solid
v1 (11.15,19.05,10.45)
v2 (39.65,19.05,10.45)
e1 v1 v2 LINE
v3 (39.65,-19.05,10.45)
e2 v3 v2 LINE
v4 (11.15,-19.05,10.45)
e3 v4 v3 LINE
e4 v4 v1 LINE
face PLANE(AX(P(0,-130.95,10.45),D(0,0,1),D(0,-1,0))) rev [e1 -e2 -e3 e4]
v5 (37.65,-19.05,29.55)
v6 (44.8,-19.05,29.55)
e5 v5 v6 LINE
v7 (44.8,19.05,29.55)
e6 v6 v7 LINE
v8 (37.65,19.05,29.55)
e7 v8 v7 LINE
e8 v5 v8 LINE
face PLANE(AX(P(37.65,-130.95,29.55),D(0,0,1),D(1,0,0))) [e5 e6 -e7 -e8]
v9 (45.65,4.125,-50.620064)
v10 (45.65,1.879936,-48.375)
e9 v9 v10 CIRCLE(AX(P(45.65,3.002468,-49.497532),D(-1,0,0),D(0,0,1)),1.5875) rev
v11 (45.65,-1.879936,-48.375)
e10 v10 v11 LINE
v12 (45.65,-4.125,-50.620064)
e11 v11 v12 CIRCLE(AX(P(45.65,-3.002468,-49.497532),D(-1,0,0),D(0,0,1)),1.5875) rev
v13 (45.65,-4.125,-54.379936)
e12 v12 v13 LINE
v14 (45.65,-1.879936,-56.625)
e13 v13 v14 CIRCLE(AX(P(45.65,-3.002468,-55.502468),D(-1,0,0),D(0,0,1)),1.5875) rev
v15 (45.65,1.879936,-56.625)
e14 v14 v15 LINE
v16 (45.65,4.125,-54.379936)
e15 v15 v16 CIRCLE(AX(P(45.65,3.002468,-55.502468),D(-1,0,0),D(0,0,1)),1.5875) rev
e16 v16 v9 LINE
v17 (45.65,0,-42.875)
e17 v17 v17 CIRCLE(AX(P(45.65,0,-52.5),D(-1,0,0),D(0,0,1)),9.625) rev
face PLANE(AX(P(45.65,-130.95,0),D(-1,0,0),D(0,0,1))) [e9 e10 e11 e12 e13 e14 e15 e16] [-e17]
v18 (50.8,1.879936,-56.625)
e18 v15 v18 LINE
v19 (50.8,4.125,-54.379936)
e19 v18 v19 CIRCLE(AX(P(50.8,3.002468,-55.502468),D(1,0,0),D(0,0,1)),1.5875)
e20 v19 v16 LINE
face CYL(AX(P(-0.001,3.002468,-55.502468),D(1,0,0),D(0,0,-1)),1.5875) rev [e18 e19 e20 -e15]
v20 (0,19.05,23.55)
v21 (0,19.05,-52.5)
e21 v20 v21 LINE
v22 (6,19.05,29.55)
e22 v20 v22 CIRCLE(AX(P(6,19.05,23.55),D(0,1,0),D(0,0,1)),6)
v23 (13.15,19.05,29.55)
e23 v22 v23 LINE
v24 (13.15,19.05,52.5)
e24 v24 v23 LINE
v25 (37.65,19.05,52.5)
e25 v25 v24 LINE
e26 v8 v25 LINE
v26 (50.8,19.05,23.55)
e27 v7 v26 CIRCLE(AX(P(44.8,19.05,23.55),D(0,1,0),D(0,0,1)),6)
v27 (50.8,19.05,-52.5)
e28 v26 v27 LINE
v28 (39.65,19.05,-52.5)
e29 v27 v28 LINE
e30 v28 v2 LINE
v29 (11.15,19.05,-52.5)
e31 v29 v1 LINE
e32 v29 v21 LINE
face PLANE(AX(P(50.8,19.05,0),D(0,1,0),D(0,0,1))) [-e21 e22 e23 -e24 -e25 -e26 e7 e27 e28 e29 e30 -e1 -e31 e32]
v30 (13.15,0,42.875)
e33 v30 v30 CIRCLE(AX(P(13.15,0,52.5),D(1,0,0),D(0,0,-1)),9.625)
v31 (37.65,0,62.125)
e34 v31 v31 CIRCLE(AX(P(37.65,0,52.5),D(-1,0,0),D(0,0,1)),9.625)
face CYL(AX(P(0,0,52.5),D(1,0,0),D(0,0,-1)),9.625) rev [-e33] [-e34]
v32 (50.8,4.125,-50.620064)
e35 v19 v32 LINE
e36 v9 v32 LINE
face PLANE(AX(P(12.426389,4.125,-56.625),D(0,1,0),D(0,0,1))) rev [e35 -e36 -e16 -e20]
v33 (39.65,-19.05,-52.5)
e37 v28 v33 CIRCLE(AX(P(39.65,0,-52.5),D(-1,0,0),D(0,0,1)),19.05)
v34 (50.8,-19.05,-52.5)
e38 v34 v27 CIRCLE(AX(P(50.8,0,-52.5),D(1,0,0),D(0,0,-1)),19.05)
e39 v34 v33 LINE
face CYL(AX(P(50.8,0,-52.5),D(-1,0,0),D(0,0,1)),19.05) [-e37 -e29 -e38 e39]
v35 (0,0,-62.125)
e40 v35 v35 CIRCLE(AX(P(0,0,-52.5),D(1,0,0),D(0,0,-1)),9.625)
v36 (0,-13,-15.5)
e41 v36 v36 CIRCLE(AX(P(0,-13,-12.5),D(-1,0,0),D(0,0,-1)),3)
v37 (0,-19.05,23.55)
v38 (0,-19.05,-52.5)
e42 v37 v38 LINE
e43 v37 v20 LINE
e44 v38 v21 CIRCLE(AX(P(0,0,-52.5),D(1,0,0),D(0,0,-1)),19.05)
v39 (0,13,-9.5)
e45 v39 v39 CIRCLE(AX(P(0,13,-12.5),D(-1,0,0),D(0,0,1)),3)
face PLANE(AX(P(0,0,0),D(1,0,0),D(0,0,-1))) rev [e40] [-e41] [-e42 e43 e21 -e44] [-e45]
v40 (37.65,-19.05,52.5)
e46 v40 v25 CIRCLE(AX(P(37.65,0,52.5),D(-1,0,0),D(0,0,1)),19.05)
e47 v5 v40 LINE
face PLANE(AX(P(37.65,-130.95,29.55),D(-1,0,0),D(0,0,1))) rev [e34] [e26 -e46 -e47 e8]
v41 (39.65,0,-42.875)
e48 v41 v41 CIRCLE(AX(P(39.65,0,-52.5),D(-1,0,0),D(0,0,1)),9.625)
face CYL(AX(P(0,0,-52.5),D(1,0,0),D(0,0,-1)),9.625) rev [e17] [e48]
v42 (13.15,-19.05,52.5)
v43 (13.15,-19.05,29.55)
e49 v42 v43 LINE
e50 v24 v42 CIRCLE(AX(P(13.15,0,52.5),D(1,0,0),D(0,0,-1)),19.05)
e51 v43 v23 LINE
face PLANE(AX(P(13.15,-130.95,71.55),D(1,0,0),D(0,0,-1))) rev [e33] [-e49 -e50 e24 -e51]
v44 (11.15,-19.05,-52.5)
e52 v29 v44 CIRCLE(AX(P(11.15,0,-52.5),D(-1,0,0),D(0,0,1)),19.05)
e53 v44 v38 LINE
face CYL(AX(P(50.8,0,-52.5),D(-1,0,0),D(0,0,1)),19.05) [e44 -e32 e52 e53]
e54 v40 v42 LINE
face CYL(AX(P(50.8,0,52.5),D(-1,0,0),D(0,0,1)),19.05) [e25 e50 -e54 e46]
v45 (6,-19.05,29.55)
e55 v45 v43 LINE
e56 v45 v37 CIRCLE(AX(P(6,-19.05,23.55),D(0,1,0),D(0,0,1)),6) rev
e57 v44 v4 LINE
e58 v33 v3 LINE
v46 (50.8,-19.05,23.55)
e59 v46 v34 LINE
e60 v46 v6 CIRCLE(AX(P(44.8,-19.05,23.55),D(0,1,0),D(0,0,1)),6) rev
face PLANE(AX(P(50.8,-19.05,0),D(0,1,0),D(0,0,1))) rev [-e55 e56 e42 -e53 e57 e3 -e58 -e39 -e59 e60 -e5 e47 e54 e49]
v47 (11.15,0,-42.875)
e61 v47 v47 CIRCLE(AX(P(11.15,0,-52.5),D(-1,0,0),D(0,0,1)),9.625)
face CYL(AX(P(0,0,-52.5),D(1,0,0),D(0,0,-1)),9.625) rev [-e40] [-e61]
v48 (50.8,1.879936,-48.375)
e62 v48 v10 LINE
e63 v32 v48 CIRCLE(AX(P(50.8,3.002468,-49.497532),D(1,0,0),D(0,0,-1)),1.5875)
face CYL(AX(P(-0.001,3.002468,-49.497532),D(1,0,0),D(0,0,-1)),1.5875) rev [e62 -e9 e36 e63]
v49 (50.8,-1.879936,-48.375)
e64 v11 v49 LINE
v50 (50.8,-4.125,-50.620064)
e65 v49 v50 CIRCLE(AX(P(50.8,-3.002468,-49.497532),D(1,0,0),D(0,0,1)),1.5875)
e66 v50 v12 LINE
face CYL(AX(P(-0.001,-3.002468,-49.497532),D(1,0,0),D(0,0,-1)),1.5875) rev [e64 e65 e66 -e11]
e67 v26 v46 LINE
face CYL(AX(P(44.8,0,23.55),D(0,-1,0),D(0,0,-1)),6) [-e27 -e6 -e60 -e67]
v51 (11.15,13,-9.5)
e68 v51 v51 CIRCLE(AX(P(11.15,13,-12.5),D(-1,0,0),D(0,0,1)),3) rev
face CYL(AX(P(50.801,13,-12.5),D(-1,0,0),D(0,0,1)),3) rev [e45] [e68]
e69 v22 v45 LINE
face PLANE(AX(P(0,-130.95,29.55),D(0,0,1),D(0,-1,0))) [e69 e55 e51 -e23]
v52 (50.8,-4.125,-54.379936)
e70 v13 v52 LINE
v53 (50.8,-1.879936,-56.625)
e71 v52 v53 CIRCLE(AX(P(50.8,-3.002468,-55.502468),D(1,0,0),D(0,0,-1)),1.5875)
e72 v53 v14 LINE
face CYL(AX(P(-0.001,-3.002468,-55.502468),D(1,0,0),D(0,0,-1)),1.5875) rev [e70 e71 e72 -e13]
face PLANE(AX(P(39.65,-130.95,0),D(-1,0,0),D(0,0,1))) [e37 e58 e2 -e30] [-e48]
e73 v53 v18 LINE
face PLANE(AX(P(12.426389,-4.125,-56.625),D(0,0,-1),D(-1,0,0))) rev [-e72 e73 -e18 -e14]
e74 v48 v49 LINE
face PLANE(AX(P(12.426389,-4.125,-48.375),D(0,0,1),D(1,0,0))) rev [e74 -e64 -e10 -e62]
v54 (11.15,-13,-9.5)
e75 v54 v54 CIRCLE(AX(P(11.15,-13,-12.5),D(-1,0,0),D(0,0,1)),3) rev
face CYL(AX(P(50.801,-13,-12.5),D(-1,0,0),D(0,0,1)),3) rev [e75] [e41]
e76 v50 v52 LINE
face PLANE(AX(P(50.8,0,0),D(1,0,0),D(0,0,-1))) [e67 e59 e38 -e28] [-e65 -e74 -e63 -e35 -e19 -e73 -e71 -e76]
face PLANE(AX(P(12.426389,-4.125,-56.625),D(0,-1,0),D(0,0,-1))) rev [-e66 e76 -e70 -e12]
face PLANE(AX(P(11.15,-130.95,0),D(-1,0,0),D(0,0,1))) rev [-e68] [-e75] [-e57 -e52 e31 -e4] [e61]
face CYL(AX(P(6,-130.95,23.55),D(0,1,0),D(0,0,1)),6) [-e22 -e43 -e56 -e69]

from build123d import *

# Parameters (mm, degrees)
BOSS_EXTRUDE1_DEPTH = 50.8
SKETCH2_W           = 28.5
SKETCH2_H           = 19.05
SKETCH2_H_2         = 62.95
SKETCH2_W_2         = 13.15
SKETCH2_H_3         = 42
CUT_EXTRUDE2_DEPTH  = 150
SKETCH8_R           = 9.625
CUT_EXTRUDE8_DEPTH  = 90.793902911
SKETCH11_R          = 9.625
SKETCH11_W          = 8.25
SKETCH11_H          = 8.25
BOSS_EXTRUDE4_DEPTH = 5.15
FILLET1_R           = 6
CUT_EXTRUDE10_START = -5.15
SKETCH14_R          = 1.5875
CUT_EXTRUDE10_DEPTH = 5.15
CUT_EXTRUDE16_REACH = 91.794
SKETCH21_R          = 3


with BuildPart() as part:
    # Sketch1 → Boss-Extrude1 (new body)
    with BuildSketch(Plane(origin=(0, 0, 0), x_dir=(0, 0, -1), z_dir=(1, 0, 0))):
        with BuildLine():
            Line((-52.5, 19.05), (52.5, 19.05))
            ThreePointArc((52.5, 19.05), (71.55, 0), (52.5, -19.05))
            Line((52.5, -19.05), (-52.5, -19.05))
            ThreePointArc((-52.5, -19.05), (-71.55, 0), (-52.5, 19.05))
        make_face()
    extrude(amount=BOSS_EXTRUDE1_DEPTH)

    # Sketch2 → Cut-Extrude2 (cut)
    with BuildSketch(Plane(origin=(0, 19.05, 0), x_dir=(1, 0, 0), z_dir=(0, 1, 0))):
        with Locations((25.4, 62.025)):
            Rectangle(SKETCH2_W, SKETCH2_H)
        with Locations((25.4, 21.025)):
            Rectangle(SKETCH2_W, SKETCH2_H_2)
        with Locations((44.225, -50.55)):
            Rectangle(SKETCH2_W_2, SKETCH2_H_3)
        with Locations((6.575, -50.55)):
            Rectangle(SKETCH2_W_2, SKETCH2_H_3)
    extrude(amount=-CUT_EXTRUDE2_DEPTH, mode=Mode.SUBTRACT)

    # Sketch8 → Cut-Extrude8 (cut, through all)
    with BuildSketch(Plane(origin=(50.8, 0, 0), x_dir=(0, 0, -1), z_dir=(1, 0, 0))):
        with Locations((-52.5, 0)):
            Circle(SKETCH8_R)
        with Locations((52.5, 0)):
            Circle(SKETCH8_R)
    extrude(amount=-CUT_EXTRUDE8_DEPTH, mode=Mode.SUBTRACT)

    # Sketch11 → Boss-Extrude4 (add)
    with BuildSketch(Plane(origin=(50.8, 0, 0), x_dir=(0, 0, -1), z_dir=(1, 0, 0))):
        with Locations((52.5, 0)):
            Circle(SKETCH11_R)
        with Locations((52.5, 0)):
            Rectangle(SKETCH11_W, SKETCH11_H, mode=Mode.SUBTRACT)
    extrude(amount=-BOSS_EXTRUDE4_DEPTH)

    # Fillet1
    fillet1_edges = [part.edges().sort_by_distance(p)[0] for p in [
        (50.8, 0, 29.55),
        (0, 0, 29.55),
    ]]
    fillet(fillet1_edges, radius=FILLET1_R)

    # Sketch14 → Cut-Extrude10 (cut)
    with BuildSketch(Plane(origin=(50.8, 0, 0), x_dir=(0, 0, -1), z_dir=(1, 0, 0)).offset(CUT_EXTRUDE10_START)):
        with Locations((49.497532015, 3.002467985)):
            Circle(SKETCH14_R)
        with Locations((55.502467985, 3.002467985)):
            Circle(SKETCH14_R)
        with Locations((55.502467985, -3.002467985)):
            Circle(SKETCH14_R)
        with Locations((49.497532015, -3.002467985)):
            Circle(SKETCH14_R)
    extrude(amount=CUT_EXTRUDE10_DEPTH, mode=Mode.SUBTRACT)

    # Sketch21 → Cut-Extrude16 (cut, up to next)
    with BuildSketch(Plane.ZY, mode=Mode.PRIVATE) as cut_extrude16_sk1:
        with Locations((-12.5, 13)):
            Circle(SKETCH21_R)
    cut_extrude16_tool1 = extrude(cut_extrude16_sk1.sketch, amount=-CUT_EXTRUDE16_REACH, mode=Mode.PRIVATE) & part.part
    # Sketch21 → Cut-Extrude16 (cut, up to next)
    with BuildSketch(Plane.ZY, mode=Mode.PRIVATE) as cut_extrude16_sk2:
        with Locations((-12.5, -13)):
            Circle(SKETCH21_R)
    cut_extrude16_tool2 = extrude(cut_extrude16_sk2.sketch, amount=-CUT_EXTRUDE16_REACH, mode=Mode.PRIVATE) & part.part
    add(cut_extrude16_tool1.solids().sort_by_distance((0, 13, -12.5))[0], mode=Mode.SUBTRACT)
    add(cut_extrude16_tool2.solids().sort_by_distance((0, -13, -12.5))[0], mode=Mode.SUBTRACT)


solid = part.part
